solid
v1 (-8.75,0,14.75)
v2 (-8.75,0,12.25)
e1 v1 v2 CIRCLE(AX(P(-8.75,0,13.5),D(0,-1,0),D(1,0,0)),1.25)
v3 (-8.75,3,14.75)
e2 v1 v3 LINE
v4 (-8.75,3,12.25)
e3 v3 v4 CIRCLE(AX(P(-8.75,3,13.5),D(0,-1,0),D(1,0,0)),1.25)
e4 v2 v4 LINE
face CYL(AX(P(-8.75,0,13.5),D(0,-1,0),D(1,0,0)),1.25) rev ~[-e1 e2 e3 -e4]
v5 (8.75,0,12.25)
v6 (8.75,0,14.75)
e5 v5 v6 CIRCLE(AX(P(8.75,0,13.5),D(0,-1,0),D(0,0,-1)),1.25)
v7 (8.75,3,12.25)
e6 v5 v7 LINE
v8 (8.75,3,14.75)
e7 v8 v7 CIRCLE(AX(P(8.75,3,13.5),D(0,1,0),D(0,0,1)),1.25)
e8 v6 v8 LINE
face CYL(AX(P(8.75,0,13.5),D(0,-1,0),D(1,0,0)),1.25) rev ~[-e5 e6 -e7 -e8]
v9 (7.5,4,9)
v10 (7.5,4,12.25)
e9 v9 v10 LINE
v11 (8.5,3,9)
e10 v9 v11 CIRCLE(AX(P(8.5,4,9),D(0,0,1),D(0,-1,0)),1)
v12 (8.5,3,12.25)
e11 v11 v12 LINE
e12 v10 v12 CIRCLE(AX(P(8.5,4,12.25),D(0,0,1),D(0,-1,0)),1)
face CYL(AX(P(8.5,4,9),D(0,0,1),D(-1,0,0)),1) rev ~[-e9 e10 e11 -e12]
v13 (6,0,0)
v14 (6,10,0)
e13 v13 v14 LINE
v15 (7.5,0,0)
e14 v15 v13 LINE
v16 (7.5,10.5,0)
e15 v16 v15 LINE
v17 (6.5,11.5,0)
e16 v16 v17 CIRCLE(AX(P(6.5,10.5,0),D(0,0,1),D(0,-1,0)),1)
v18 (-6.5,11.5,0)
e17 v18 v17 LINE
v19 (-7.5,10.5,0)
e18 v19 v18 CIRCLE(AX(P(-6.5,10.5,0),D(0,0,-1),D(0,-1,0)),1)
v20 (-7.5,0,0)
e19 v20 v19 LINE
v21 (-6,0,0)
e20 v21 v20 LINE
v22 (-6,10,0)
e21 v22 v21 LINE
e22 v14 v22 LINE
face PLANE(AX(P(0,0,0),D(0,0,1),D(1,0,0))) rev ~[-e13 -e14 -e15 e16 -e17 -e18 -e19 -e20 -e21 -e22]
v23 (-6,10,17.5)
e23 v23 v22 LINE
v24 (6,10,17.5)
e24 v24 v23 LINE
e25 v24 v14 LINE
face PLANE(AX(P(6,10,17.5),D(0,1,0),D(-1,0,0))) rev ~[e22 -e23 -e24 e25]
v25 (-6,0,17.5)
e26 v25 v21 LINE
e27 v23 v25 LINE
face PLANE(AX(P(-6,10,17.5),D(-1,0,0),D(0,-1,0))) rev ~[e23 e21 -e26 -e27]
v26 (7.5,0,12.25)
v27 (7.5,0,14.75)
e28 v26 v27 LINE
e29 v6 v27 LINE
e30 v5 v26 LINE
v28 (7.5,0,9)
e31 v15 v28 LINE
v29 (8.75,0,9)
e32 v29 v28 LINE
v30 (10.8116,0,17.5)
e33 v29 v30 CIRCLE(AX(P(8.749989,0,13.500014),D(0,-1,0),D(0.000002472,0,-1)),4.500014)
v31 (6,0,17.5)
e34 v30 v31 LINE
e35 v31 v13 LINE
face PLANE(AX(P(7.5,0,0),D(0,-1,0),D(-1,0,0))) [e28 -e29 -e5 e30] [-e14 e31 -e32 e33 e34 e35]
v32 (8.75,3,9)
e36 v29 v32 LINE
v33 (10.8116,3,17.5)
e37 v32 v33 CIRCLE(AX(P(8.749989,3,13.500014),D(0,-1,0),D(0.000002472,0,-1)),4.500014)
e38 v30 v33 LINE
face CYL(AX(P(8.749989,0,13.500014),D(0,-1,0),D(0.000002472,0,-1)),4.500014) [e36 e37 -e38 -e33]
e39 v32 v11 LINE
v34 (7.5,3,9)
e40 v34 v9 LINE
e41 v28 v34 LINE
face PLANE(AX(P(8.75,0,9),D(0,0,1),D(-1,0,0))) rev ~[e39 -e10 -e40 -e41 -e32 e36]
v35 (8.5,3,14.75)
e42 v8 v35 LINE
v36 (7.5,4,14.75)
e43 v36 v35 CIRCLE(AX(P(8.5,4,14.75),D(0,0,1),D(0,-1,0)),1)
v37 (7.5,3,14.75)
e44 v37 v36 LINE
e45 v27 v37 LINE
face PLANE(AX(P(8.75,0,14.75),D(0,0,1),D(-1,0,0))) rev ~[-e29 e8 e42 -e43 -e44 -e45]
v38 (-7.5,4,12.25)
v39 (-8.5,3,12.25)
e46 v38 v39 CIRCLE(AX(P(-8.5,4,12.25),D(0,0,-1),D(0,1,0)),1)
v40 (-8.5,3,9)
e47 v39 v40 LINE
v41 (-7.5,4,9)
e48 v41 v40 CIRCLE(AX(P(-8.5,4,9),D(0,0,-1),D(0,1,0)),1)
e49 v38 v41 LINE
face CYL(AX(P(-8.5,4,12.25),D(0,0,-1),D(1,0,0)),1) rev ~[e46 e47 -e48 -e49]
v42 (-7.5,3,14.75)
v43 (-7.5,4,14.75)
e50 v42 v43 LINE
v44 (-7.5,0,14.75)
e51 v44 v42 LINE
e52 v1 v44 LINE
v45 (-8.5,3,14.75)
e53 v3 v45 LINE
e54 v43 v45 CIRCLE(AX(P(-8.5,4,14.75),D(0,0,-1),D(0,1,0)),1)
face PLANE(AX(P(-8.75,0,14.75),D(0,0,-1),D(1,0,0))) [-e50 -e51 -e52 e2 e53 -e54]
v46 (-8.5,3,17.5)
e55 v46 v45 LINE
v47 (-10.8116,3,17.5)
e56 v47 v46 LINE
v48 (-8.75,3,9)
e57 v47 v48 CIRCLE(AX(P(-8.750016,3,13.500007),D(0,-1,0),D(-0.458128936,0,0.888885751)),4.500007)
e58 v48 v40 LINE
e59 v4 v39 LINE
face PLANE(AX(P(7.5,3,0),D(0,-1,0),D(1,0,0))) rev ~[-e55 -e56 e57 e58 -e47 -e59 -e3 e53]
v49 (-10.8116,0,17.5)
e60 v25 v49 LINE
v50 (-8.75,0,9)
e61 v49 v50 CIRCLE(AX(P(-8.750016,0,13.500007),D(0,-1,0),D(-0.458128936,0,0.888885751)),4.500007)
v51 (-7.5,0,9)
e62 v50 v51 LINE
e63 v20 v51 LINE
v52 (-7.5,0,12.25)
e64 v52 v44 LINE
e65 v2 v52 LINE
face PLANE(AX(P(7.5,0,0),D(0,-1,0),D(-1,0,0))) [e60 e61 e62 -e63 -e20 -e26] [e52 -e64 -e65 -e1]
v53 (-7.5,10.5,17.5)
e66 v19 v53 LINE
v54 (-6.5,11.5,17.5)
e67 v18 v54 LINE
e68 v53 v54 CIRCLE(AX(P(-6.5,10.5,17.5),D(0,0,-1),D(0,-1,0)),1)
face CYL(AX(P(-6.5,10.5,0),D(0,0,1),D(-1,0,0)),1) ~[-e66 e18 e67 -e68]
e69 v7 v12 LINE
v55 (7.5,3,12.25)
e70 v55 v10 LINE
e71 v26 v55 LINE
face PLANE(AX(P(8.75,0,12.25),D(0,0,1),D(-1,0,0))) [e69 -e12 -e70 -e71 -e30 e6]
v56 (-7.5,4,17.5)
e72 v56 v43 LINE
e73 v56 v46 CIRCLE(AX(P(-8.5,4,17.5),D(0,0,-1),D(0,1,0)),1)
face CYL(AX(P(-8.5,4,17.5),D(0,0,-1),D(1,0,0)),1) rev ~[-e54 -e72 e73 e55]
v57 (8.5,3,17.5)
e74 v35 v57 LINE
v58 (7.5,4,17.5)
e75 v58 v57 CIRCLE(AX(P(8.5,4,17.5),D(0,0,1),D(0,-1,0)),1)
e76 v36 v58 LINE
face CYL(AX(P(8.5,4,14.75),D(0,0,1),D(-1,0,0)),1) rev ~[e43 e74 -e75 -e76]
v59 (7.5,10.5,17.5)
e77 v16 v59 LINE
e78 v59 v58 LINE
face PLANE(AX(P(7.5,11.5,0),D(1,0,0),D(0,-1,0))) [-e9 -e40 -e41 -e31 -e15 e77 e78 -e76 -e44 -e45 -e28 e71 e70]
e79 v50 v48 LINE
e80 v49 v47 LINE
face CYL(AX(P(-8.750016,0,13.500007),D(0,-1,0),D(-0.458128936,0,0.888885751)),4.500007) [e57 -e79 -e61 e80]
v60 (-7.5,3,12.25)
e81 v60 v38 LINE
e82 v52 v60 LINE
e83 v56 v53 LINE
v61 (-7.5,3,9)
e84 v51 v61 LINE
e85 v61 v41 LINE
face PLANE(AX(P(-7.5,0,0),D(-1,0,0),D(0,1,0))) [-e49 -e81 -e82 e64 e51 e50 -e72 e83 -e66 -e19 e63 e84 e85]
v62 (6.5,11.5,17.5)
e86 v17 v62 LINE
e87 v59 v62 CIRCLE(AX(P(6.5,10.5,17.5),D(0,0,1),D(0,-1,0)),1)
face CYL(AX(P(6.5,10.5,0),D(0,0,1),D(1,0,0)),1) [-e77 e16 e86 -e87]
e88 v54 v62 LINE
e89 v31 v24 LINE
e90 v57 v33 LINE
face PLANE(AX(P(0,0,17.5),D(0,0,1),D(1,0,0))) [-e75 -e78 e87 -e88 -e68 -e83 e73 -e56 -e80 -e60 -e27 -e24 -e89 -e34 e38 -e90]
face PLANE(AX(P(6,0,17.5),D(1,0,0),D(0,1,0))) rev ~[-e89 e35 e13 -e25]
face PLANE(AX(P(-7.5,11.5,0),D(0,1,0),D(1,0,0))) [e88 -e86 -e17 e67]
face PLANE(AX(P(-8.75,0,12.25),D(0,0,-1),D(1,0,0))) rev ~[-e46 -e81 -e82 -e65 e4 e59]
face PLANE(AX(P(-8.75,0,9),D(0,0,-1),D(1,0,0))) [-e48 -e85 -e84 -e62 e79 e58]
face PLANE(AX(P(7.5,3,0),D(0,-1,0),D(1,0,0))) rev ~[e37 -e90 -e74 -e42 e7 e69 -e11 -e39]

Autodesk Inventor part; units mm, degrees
ref_plane "YZ Plane" through (0, 0, 0) normal (1, 0, 0) x (0, 1, 0)
ref_plane "XZ Plane" through (0, 0, 0) normal (0, 1, 0) x (-1, 0, 0)
ref_plane "XY Plane" through (0, 0, 0) normal (0, 0, 1) x (1, 0, 0)
sketch "Esquisse1" plane through (0, 0, 0) normal (0, 0, 1) x (1, 0, 0)
  line L0 (7.5, 0) -> (-7.5, 0)
  line L1 (-7.5, 0) -> (-7.5, 11.5)
  line L2 (-7.5, 11.5) -> (7.5, 11.5)
  line L3 (7.5, 11.5) -> (7.5, 0)
  point P0 (0, 0)
  dimension "d0" = 15
  dimension "d1" = 11.5
  dimension "d2" = 0
  dimension "d3" = 7.5
extrude "Extrusion1" add sketch "Esquisse1" along normal blind 17.5
sketch "Esquisse2" plane through (0, 0, 17.5) normal (0, 0, 1) x (1, 0, 0)
  line L0 (-7.5, 0) -> (7.5, 0) projected
  line L1 (7.5, 0) -> (7.5, 11.5) projected
  line L2 (7.5, 11.5) -> (-7.5, 11.5) projected
  line L3 (-7.5, 11.5) -> (-7.5, 0) projected
  line L4 (-6, 0) -> (6, 0)
  line L5 (6, 0) -> (6, 10)
  line L6 (6, 10) -> (-6, 10)
  line L7 (-6, 10) -> (-6, 0)
  point P0 (0, 0)
  dimension "d6" = 1.5
  dimension "d7" = 1.5
  dimension "d8" = 1.5
extrude "Extrusion2" cut sketch "Esquisse2" against normal through all contours L7 L6 L5 L0
fillet "Congé1" radius 1 2 edges at (7.5, 11.5, 8.75) (-7.5, 11.5, 8.75)
sketch "Esquisse4" plane through (7.5, 0, 0) normal (0, -1, 0) x (1, 0, 0)
  line L0 (0, 0) -> (0, 17.5) projected
  circle A0 centre (-16.25, 13.5) radius 1.25
  circle A1 centre (1.25, 13.5) radius 1.25
  line L1 (1.25, 9) -> (0, 9)
  line L2 (-16.25, 9) -> (-15, 9)
  line L3 (-16.25, 14.75) -> (-15, 14.75)
  line L4 (-16.25, 12.25) -> (-15, 12.25)
  line L5 (1.25, 14.75) -> (0, 14.75)
  line L6 (1.25, 12.25) -> (0, 12.25)
  line L7 (0, 12.25) -> (0, 9)
  line L8 (0, 17.5) -> (0, 14.75)
  line L9 (-15, 17.5) -> (-15, 14.75)
  line L10 (-15, 12.25) -> (-15, 9)
  arc A2 (-18.3116, 17.5) -> (-16.25, 9) centre (-16.25, 13.5) ccw
  line L11 (-13.5, 17.5) -> (-1.5, 17.5) projected
  arc A3 (1.25, 9) -> (3.3116, 17.5) centre (1.25, 13.5) ccw
  line L12 (-18.3116, 17.5) -> (-15, 17.5)
  line L13 (0, 17.5) -> (3.3116, 17.5)
  point P0 (-7.5, 0)
  dimension "d12" = 2.5
  dimension "d13" = 2.5
  dimension "d14" = 17.5
  dimension "d15" = 8.75
  dimension "d18" = 4
  dimension "d22" = 4.5
  dimension "d23" = 3.25
  dimension "d24" = 5.25
  dimension "d25" = 4.5
  dimension "d26" = 3.25
  dimension "d27" = 152.734
  dimension "d28" = 152.734
extrude "Extrusion5" add sketch "Esquisse4" against normal blind 3 contours L0 L6 A1 L5 L13 A3 L1 | A0 L4 L10 L2 A2 L12 L9 L3
fillet "Congé2" radius 1 4 edges at (-7.5, 3, 10.625) (-7.5, 3, 16.125) (7.5, 3, 16.125) (7.5, 3, 10.625)
equation "\"d3\" = 0.5 * d0"
equation "\"d15\" = 0.5 * d14"
properties part number "fixation moteur" material "Plastique ABS"
